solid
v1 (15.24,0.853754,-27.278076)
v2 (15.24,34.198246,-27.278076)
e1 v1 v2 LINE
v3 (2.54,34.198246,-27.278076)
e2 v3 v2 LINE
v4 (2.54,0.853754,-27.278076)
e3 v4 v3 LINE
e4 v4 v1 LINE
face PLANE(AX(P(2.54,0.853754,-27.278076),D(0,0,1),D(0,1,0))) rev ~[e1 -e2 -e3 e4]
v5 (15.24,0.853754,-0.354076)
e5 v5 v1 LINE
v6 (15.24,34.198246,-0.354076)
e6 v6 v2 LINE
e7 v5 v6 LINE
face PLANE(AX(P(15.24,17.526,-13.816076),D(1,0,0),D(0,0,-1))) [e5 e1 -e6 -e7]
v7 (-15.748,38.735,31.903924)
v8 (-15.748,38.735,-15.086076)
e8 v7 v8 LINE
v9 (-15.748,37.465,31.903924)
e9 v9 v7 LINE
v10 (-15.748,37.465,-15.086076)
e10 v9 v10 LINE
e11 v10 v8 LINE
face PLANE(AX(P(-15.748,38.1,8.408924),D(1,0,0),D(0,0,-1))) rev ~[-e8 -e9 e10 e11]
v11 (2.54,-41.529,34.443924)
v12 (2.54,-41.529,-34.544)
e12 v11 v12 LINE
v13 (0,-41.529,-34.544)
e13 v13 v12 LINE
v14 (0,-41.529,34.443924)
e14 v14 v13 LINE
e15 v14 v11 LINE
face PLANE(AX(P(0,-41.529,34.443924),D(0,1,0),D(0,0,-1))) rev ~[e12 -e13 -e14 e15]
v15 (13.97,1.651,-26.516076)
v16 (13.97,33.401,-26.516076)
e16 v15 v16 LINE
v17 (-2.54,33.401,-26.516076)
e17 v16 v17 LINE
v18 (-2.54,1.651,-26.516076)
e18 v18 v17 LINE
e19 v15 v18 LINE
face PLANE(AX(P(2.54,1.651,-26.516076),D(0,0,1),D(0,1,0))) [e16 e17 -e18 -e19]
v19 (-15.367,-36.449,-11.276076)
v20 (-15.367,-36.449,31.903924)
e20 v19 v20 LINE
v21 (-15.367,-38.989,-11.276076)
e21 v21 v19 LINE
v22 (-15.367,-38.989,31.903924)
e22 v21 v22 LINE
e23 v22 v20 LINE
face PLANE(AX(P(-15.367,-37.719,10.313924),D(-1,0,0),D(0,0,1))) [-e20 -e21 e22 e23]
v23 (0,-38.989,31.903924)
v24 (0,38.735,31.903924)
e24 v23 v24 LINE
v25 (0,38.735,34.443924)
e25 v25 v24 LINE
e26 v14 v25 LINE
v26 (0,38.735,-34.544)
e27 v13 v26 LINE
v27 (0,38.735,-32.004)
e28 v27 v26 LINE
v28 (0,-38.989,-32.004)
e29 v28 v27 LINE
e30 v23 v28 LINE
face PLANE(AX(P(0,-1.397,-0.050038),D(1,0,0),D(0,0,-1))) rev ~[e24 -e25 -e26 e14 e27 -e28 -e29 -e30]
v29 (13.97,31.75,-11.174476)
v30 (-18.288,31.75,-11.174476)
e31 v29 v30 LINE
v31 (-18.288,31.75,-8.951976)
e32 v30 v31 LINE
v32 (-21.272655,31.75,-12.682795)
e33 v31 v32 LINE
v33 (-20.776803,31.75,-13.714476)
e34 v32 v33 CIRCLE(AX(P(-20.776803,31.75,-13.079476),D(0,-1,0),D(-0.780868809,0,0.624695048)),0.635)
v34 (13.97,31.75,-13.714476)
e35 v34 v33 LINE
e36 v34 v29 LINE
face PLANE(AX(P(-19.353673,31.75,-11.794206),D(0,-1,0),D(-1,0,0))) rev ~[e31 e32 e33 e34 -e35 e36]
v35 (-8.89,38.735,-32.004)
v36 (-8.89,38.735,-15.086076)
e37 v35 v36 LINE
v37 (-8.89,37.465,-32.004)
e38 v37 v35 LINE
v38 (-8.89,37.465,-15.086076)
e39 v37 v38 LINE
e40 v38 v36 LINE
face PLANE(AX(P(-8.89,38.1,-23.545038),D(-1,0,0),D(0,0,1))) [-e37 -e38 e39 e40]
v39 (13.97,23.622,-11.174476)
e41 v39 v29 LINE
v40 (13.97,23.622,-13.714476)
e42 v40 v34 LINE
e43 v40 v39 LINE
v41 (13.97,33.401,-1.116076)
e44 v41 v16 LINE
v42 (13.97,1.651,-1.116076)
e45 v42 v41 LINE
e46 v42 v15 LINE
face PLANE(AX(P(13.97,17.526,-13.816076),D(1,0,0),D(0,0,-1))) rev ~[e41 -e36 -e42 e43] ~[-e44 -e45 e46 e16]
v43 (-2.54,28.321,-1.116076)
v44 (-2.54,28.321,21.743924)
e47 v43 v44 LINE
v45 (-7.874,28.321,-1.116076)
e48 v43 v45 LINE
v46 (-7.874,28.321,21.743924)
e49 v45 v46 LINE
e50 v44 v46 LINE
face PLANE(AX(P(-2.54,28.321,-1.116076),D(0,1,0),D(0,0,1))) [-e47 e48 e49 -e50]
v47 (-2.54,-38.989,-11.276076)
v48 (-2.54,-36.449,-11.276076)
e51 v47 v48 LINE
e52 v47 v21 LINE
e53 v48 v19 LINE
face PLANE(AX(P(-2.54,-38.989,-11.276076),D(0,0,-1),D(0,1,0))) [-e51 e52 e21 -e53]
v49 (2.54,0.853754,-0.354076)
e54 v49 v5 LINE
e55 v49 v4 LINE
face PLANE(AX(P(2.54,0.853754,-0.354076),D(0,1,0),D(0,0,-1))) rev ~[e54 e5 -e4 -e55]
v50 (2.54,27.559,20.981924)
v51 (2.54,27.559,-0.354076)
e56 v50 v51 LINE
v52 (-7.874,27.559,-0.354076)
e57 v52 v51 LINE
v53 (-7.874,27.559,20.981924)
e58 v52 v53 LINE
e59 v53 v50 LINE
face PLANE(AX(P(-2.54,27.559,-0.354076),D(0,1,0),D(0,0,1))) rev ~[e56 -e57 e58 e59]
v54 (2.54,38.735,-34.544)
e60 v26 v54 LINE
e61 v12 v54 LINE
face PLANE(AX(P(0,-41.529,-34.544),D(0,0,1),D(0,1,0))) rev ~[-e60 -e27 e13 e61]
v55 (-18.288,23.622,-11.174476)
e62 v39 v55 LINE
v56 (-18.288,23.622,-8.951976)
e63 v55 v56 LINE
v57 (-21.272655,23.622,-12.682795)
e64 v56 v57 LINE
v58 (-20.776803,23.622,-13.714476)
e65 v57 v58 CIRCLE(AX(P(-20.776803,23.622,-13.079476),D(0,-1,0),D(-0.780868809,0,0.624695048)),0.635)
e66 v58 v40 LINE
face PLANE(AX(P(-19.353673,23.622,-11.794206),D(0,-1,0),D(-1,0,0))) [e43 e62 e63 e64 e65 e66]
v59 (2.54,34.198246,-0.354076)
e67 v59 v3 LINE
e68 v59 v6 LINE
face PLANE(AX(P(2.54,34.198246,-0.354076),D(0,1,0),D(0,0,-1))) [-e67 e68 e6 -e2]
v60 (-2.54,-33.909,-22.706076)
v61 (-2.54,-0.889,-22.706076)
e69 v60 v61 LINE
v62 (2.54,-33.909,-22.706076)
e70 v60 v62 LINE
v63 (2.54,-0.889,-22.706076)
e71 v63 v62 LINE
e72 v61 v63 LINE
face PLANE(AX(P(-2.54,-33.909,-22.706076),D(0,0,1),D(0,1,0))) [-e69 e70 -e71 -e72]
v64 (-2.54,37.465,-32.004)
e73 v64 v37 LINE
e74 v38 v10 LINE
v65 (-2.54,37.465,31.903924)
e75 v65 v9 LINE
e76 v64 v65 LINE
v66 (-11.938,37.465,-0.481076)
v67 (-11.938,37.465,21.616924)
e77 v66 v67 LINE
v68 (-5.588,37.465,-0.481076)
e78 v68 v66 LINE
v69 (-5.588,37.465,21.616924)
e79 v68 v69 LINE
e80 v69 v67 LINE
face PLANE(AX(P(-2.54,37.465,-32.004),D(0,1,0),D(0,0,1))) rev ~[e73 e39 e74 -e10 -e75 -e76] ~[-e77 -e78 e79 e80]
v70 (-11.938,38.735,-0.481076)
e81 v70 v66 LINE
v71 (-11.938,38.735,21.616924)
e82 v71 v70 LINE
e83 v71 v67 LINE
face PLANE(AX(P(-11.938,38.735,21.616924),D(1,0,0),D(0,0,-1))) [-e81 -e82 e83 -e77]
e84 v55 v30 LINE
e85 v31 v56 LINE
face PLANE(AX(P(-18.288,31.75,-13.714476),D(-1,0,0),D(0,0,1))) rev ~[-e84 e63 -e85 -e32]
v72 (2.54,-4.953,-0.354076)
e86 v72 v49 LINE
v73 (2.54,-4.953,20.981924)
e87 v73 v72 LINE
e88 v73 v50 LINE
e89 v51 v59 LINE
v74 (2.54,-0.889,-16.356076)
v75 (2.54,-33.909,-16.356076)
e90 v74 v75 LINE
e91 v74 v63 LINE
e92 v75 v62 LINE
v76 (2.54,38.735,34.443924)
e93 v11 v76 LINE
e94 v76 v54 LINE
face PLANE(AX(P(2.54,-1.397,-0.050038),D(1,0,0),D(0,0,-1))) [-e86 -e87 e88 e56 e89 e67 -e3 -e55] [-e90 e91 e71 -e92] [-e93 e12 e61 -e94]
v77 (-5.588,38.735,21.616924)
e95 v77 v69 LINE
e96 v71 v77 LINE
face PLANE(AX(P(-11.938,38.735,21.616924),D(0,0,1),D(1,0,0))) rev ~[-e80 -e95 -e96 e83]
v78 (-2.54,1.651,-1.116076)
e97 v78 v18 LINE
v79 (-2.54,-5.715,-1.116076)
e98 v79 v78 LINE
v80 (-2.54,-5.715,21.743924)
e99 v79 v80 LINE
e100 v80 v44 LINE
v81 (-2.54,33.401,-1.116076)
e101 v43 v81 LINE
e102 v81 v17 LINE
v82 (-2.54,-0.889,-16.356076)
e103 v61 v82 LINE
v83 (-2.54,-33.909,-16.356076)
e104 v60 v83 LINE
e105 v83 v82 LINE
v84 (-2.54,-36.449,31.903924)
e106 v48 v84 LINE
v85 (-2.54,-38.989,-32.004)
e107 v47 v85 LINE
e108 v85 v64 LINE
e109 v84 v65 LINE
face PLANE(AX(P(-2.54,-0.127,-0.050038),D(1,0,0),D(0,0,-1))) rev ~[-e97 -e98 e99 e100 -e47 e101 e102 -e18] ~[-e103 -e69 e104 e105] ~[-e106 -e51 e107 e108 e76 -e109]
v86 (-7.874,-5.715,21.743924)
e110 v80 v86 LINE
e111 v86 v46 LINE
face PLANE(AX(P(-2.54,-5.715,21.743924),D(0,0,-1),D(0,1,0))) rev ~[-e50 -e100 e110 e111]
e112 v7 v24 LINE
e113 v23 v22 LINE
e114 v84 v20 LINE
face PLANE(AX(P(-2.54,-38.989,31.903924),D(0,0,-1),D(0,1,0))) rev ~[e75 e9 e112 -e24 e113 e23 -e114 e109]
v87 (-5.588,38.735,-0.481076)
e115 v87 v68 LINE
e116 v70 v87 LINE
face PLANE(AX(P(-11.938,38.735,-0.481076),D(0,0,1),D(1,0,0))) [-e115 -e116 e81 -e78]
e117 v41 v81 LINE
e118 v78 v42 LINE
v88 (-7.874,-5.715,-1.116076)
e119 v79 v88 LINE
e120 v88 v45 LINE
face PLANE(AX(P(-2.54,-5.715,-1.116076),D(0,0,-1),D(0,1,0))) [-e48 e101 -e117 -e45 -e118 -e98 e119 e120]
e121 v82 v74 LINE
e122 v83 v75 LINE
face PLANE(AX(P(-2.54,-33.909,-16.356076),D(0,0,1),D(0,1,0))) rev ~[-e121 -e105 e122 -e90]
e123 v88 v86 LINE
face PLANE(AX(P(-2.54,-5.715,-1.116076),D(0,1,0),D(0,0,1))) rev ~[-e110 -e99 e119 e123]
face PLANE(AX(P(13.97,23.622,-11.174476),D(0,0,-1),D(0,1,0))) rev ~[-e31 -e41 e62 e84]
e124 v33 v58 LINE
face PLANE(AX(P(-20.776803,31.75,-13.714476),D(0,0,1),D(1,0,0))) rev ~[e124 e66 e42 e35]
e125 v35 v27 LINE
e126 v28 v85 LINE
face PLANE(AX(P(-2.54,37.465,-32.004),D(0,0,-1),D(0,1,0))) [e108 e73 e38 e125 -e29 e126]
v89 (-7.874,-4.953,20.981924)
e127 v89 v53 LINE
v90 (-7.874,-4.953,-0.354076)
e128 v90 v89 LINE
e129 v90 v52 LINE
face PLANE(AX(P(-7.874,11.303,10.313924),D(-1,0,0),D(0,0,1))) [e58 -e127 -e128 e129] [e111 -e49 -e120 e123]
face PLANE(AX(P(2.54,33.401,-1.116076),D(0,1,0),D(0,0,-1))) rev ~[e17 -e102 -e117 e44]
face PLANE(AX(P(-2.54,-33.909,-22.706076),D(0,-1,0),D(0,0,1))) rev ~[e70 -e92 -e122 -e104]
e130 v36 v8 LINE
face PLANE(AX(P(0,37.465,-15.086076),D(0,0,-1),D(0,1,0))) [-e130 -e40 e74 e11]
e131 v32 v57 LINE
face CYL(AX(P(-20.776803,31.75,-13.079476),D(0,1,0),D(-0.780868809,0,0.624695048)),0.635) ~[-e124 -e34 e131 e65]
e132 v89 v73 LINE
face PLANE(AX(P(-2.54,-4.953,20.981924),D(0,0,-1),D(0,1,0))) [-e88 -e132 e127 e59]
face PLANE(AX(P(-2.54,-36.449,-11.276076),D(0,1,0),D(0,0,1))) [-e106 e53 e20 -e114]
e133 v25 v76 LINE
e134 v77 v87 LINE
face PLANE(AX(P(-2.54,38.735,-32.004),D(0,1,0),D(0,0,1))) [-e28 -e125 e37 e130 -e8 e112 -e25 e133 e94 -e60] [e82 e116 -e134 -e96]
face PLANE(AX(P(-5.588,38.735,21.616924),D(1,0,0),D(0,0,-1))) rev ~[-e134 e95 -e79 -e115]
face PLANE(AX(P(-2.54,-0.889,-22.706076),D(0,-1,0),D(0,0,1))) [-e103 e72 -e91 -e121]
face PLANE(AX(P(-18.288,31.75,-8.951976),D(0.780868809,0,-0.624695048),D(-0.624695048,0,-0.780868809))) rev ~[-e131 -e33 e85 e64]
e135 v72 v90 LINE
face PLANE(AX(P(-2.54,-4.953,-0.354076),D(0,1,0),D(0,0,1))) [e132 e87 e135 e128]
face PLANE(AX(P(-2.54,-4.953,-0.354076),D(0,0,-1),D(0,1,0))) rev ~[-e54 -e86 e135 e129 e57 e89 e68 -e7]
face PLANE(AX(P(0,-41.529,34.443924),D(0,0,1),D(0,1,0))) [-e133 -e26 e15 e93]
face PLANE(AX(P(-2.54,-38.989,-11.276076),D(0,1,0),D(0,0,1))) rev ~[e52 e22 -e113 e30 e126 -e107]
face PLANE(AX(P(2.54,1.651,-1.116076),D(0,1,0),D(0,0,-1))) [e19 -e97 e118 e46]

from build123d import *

# Parameters (mm, degrees)
SKETCH1_W            = 68.987924
SKETCH1_H            = 80.264
BOSS_EXTRUDE3_DEPTH  = 2.54
SKETCH1_7_W          = 63.907924
SKETCH1_7_H          = 77.724
BOSS_EXTRUDE4_DEPTH  = 2.54
SKETCH1_9_W          = 46.99
SKETCH1_9_H          = 1.27
BOSS_EXTRUDE6_DEPTH  = 15.748
SKETCH2_W            = 6.35
SKETCH2_H            = 22.098
CUT_EXTRUDE1_DEPTH   = 2.54
SKETCH3_W            = 16.917924
SKETCH3_H            = 1.27
BOSS_EXTRUDE7_DEPTH  = 6.35
SKETCH4_W            = 21.336
SKETCH4_H            = 32.512
CUT_EXTRUDE2_DEPTH   = 5.08
SKETCH5_W            = 25.4
SKETCH5_H            = 31.75
CUT_EXTRUDE3_DEPTH   = 5.08
SKETCH5_3_W          = 26.924
SKETCH5_3_H          = 33.34449199
SKETCH5_3_W_2        = 25.4
SKETCH5_3_H_2        = 31.75
BOSS_EXTRUDE8_DEPTH  = 12.7
BOSS_EXTRUDE9_START  = 12.7
SKETCH5_4_W          = 25.4
SKETCH5_4_H          = 31.75
BOSS_EXTRUDE9_DEPTH  = 1.27
SKETCH7_W            = 22.86
SKETCH7_H            = 34.036
SKETCH7_W_2          = 21.336
SKETCH7_H_2          = 32.512
BOSS_EXTRUDE10_DEPTH = 5.334
SKETCH6_W            = 6.35
SKETCH6_H            = 33.02
CUT_EXTRUDE5_DEPTH   = 5.334
SKETCH9_W            = 43.18
SKETCH9_H            = 2.54
BOSS_EXTRUDE12_DEPTH = 12.827
SKETCH10_W           = 2.54
SKETCH10_H           = 8.128
BOSS_EXTRUDE13_DEPTH = 32.258
BOSS_EXTRUDE14_DEPTH = 8.128


with BuildPart() as part:
    # Sketch1 → Boss-Extrude3 (new body)
    with BuildSketch(Plane(origin=(0, 0, 0), x_dir=(0, 0, -1), z_dir=(1, 0, 0))):
        with Locations((0.050038, -1.397)):
            Rectangle(SKETCH1_W, SKETCH1_H)
    extrude(amount=BOSS_EXTRUDE3_DEPTH)

    # Sketch1<7> → Boss-Extrude4 (add)
    with BuildSketch(Plane(origin=(0, 0, 0), x_dir=(0, 0, -1), z_dir=(1, 0, 0))):
        with Locations((0.050038, -0.127)):
            Rectangle(SKETCH1_7_W, SKETCH1_7_H)
    extrude(amount=-BOSS_EXTRUDE4_DEPTH)

    # Sketch1<9> → Boss-Extrude6 (add)
    with BuildSketch(Plane(origin=(0, 0, 0), x_dir=(0, 0, -1), z_dir=(1, 0, 0))):
        with Locations((-8.408924, 38.1)):
            Rectangle(SKETCH1_9_W, SKETCH1_9_H)
    extrude(amount=-BOSS_EXTRUDE6_DEPTH)

    # Sketch2 → Cut-Extrude1 (cut)
    with BuildSketch(Plane(origin=(0, 38.735, 0), x_dir=(1, 0, 0), z_dir=(0, 1, 0))):
        with Locations((-8.763, -10.567924)):
            Rectangle(SKETCH2_W, SKETCH2_H)
    extrude(amount=-CUT_EXTRUDE1_DEPTH, mode=Mode.SUBTRACT)

    # Sketch3 → Boss-Extrude7 (add)
    with BuildSketch(Plane.ZY.offset(2.54)):
        with Locations((-23.545038, 38.1)):
            Rectangle(SKETCH3_W, SKETCH3_H)
    extrude(amount=BOSS_EXTRUDE7_DEPTH)

    # Sketch4 → Cut-Extrude2 (cut)
    with BuildSketch(Plane(origin=(2.54, 0, 0), x_dir=(0, 0, -1), z_dir=(1, 0, 0))):
        with Locations((-10.313924, 11.303)):
            Rectangle(SKETCH4_W, SKETCH4_H)
    extrude(amount=-CUT_EXTRUDE2_DEPTH, mode=Mode.SUBTRACT)

    # Sketch5 → Cut-Extrude3 (cut)
    with BuildSketch(Plane(origin=(2.54, 0, 0), x_dir=(0, 0, -1), z_dir=(1, 0, 0))):
        with Locations((13.816076, 17.526)):
            Rectangle(SKETCH5_W, SKETCH5_H)
    extrude(amount=-CUT_EXTRUDE3_DEPTH, mode=Mode.SUBTRACT)

    # Sketch5<3> → Boss-Extrude8 (add)
    with BuildSketch(Plane(origin=(2.54, 0, 0), x_dir=(0, 0, -1), z_dir=(1, 0, 0))):
        with Locations((13.816076, 17.526)):
            Rectangle(SKETCH5_3_W, SKETCH5_3_H)
        with Locations((13.816076, 17.526)):
            Rectangle(SKETCH5_3_W_2, SKETCH5_3_H_2, mode=Mode.SUBTRACT)
    extrude(amount=BOSS_EXTRUDE8_DEPTH)

    # Sketch5<4> → Boss-Extrude9 (add)
    with BuildSketch(Plane(origin=(2.54, 0, 0), x_dir=(0, 0, -1), z_dir=(1, 0, 0)).offset(BOSS_EXTRUDE9_START)):
        with Locations((13.816076, 17.526)):
            Rectangle(SKETCH5_4_W, SKETCH5_4_H)
    extrude(amount=-BOSS_EXTRUDE9_DEPTH)

    # Sketch7 → Boss-Extrude10 (add)
    with BuildSketch(Plane.ZY.offset(2.54)):
        with Locations((10.313924, 11.303)):
            Rectangle(SKETCH7_W, SKETCH7_H)
        with Locations((10.313924, 11.303)):
            Rectangle(SKETCH7_W_2, SKETCH7_H_2, mode=Mode.SUBTRACT)
    extrude(amount=BOSS_EXTRUDE10_DEPTH)

    # Sketch6 → Cut-Extrude5 (cut)
    with BuildSketch(Plane.ZY.offset(2.54)):
        with Locations((-19.531076, -17.399)):
            Rectangle(SKETCH6_W, SKETCH6_H)
    extrude(amount=-CUT_EXTRUDE5_DEPTH, mode=Mode.SUBTRACT)

    # Sketch9 → Boss-Extrude12 (add)
    with BuildSketch(Plane.ZY.offset(2.54)):
        with Locations((10.313924, -37.719)):
            Rectangle(SKETCH9_W, SKETCH9_H)
    extrude(amount=BOSS_EXTRUDE12_DEPTH)

    # Sketch10 → Boss-Extrude13 (add)
    with BuildSketch(Plane.ZY.offset(-13.97)):
        with Locations((-12.444476, 27.686)):
            Rectangle(SKETCH10_W, SKETCH10_H)
    extrude(amount=BOSS_EXTRUDE13_DEPTH)

    # Sketch11 → Boss-Extrude14 (add)
    with BuildSketch(Plane(origin=(0, 31.75, 0), x_dir=(1, 0, 0), z_dir=(0, 1, 0))):
        with BuildLine():
            Line((-18.288, 13.714476), (-18.288, 8.951976))
            Line((-18.288, 8.951976), (-21.272654916, 12.682794645))
            ThreePointArc((-21.272654916, 12.682794645), (-21.349130777, 13.354550844), (-20.776803222, 13.714476))
            Line((-20.776803222, 13.714476), (-18.288, 13.714476))
        make_face()
    extrude(amount=-BOSS_EXTRUDE14_DEPTH)


solid = part.part
